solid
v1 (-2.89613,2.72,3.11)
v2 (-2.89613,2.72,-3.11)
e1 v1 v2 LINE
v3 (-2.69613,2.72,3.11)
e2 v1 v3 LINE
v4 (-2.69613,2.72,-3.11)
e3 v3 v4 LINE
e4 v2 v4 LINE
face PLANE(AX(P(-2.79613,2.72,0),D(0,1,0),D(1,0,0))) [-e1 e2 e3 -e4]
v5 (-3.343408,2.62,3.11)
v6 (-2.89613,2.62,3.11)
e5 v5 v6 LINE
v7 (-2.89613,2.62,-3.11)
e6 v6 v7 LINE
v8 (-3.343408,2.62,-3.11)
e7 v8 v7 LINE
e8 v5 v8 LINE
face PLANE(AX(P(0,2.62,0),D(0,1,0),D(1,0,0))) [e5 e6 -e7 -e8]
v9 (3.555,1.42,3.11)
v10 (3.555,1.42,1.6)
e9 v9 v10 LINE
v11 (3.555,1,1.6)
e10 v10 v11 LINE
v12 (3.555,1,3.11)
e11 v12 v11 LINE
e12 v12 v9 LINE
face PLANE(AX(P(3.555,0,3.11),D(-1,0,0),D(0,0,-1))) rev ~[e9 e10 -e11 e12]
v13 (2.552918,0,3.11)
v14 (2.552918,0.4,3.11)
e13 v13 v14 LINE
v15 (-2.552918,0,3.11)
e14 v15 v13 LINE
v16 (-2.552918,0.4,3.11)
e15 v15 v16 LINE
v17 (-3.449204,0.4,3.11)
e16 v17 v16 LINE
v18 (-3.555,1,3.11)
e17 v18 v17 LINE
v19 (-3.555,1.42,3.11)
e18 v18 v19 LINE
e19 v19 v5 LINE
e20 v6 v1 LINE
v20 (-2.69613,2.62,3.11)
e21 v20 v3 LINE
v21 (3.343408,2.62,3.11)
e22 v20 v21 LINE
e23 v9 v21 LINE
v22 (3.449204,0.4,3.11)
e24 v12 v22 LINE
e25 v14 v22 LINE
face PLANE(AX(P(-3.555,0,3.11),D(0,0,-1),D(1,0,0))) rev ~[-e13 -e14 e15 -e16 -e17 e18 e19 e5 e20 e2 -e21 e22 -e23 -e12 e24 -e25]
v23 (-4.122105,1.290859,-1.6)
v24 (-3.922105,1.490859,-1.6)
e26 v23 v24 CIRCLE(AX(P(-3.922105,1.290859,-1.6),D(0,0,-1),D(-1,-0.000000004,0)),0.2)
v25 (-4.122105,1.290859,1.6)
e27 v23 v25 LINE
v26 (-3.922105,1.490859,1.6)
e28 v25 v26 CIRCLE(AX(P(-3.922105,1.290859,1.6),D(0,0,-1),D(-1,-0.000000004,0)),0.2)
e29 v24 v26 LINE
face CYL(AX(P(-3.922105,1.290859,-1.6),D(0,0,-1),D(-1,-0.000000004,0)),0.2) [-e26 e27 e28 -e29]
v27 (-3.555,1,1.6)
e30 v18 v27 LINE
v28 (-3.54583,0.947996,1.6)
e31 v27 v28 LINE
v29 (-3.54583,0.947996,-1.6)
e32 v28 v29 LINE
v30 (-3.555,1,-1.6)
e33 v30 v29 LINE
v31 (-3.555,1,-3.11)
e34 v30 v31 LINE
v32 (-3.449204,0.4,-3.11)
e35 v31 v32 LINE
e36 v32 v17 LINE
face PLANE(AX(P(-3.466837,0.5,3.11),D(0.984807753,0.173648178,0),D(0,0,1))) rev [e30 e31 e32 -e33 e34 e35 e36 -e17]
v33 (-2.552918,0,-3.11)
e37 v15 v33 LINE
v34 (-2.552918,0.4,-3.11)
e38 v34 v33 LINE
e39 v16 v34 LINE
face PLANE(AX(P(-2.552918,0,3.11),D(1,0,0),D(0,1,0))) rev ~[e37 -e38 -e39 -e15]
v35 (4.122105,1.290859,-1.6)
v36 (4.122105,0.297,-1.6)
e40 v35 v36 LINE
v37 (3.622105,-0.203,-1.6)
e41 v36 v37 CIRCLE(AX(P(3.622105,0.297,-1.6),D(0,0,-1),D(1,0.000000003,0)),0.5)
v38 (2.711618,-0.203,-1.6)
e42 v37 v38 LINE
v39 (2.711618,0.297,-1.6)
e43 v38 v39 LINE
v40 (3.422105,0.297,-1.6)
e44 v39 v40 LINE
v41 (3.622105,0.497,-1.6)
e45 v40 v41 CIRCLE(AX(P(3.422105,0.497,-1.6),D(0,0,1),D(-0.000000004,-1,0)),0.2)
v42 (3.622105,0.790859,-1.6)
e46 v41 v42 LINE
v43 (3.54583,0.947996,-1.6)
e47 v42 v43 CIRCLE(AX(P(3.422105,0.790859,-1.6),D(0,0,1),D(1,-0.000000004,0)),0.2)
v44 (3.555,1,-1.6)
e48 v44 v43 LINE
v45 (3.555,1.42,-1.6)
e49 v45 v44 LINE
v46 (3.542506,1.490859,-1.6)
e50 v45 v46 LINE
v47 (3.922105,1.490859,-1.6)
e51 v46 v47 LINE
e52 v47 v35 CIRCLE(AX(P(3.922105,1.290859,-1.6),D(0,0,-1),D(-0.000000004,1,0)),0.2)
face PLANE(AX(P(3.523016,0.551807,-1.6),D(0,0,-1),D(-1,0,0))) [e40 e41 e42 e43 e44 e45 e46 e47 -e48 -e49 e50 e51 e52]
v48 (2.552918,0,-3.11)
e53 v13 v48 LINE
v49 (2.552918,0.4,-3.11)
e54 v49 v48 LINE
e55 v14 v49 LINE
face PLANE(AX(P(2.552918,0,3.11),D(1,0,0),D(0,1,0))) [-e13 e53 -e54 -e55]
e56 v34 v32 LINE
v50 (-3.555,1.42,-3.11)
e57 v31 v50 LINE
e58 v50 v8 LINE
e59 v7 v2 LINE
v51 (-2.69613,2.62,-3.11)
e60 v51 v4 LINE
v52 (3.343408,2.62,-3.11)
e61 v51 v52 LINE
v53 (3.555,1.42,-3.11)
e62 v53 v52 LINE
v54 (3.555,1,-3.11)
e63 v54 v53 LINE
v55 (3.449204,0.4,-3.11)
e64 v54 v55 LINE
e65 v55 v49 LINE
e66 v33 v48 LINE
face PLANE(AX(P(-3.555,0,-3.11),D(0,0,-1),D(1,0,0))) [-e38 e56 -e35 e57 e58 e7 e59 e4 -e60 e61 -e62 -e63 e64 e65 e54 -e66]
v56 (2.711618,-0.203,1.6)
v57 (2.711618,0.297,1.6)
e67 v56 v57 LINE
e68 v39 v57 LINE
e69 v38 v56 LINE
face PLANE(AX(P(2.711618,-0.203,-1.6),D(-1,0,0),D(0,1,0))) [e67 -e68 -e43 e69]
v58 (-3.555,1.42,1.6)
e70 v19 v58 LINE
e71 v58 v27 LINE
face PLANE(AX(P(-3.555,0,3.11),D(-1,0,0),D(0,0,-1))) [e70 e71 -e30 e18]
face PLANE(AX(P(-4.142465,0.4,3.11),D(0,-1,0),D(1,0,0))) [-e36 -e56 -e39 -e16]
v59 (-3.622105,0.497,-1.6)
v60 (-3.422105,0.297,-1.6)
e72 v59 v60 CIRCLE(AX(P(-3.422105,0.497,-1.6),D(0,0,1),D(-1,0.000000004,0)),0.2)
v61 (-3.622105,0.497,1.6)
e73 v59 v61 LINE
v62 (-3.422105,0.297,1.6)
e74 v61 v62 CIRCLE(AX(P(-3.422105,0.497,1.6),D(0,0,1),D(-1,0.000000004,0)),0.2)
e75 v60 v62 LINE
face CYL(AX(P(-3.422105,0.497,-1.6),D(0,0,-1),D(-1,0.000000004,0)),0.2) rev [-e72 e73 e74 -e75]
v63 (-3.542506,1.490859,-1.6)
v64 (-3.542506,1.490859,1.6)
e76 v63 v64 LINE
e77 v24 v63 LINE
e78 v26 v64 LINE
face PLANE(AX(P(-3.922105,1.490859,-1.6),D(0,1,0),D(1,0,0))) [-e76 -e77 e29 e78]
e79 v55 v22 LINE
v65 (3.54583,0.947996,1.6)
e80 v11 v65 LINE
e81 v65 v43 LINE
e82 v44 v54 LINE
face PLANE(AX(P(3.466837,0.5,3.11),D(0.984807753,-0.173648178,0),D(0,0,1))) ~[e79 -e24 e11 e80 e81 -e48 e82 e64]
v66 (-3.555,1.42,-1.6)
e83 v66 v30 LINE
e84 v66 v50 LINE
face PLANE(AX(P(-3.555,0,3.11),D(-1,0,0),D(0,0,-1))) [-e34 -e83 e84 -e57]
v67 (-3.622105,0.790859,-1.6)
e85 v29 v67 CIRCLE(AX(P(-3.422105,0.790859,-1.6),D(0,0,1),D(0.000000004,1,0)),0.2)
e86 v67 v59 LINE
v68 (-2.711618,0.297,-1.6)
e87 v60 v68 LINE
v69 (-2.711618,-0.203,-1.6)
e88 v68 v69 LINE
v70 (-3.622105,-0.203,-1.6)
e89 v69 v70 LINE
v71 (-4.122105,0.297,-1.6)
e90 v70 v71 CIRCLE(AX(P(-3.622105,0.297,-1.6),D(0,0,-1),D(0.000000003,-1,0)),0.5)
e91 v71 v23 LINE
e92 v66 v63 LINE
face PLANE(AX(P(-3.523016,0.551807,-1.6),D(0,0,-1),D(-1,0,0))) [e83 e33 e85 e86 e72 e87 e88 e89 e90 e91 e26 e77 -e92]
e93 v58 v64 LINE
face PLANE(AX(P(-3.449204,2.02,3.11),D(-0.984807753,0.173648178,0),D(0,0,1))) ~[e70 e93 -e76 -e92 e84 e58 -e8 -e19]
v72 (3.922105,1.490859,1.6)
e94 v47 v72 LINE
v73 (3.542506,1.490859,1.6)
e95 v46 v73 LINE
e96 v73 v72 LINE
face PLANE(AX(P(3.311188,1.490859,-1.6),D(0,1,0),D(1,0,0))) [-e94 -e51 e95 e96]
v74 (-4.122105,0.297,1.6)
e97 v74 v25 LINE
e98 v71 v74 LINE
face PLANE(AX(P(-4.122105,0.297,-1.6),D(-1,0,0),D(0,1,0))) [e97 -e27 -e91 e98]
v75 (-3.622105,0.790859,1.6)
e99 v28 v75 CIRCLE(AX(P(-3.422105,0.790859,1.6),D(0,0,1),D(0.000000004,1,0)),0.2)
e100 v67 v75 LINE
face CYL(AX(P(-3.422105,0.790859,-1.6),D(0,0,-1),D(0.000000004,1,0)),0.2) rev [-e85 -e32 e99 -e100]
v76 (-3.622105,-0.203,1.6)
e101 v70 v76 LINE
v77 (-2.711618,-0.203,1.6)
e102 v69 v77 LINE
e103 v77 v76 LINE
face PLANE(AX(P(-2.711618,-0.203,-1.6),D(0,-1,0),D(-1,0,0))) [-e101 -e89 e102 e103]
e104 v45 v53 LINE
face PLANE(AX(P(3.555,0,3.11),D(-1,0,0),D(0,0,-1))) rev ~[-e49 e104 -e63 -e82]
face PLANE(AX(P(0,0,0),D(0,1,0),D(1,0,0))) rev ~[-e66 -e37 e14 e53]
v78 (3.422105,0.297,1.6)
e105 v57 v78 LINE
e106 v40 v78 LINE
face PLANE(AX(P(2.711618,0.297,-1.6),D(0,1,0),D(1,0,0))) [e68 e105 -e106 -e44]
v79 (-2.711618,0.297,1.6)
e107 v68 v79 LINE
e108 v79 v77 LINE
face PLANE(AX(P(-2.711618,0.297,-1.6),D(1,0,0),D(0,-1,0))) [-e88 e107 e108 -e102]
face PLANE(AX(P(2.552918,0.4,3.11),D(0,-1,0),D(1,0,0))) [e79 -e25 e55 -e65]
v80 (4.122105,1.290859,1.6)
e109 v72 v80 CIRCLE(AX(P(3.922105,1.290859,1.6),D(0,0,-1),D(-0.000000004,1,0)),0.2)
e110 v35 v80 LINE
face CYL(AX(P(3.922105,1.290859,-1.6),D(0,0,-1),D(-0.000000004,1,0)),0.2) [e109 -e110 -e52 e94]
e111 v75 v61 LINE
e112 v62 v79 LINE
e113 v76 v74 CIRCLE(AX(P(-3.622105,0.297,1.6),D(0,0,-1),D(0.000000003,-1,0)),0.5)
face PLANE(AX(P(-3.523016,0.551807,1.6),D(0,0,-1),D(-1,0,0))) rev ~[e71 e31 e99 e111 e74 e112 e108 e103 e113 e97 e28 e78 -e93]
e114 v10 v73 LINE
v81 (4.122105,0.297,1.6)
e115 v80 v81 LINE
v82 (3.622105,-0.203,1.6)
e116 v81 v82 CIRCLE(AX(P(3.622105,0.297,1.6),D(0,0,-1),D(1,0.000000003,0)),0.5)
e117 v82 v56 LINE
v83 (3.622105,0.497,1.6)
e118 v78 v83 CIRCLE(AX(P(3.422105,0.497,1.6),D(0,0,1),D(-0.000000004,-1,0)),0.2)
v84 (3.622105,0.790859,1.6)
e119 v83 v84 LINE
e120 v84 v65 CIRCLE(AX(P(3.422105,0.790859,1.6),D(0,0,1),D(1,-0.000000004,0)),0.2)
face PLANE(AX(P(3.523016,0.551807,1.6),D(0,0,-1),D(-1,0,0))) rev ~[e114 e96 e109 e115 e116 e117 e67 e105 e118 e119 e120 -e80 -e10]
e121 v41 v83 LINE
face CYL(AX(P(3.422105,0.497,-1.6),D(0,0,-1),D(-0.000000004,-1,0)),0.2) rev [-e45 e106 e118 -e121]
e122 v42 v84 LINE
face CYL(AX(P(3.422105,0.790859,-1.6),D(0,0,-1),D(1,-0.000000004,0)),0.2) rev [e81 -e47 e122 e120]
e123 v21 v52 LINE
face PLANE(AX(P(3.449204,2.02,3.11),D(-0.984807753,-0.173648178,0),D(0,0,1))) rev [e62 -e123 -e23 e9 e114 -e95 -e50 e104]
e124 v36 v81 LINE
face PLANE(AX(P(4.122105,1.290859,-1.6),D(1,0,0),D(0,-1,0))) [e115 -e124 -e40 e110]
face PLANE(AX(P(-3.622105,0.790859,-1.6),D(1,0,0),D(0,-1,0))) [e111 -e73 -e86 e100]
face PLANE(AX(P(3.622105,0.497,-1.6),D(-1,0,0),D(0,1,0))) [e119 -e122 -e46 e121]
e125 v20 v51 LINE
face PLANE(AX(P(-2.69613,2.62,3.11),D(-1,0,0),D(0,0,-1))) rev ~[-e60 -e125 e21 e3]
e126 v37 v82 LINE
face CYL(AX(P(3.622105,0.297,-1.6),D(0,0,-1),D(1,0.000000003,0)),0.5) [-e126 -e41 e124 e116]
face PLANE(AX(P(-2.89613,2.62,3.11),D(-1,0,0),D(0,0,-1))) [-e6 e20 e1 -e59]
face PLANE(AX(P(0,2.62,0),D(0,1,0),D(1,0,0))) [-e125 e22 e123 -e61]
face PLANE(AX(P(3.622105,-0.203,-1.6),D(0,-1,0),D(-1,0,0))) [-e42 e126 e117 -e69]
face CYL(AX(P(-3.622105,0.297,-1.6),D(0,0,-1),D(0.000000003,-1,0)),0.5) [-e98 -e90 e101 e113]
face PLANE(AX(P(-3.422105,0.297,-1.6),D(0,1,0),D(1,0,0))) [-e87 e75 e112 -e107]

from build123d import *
from OCP.BRepFilletAPI import BRepFilletAPI_MakeChamfer

# Parameters (mm, degrees)
SKETCH_1_W           = 7.11
SKETCH_1_H           = 6.22
EXTRUDE_1_DEPTH      = 2.62
CHAMFER_1_SIZE       = 1.2
CHAMFER_1_SIZE2      = 0.211592377
CHAMFER_2_SIZE       = 1
CHAMFER_2_SIZE2      = 0.176326981
SKETCH_3_W           = 1.589547356
SKETCH_3_H           = 0.4
CUT_EXTRUDE_1_DEPTH  = 8.628291093
EXTRUDE_2_DEPTH      = 1.6
EXTRUDE_2_DEPTH_BACK = 1.6
SKETCH_4_W           = 0.2
SKETCH_4_H           = 6.22
EXTRUDE_3_DEPTH      = 0.1


with BuildPart() as part:
    # 草图1 → 凸台-拉伸1 (new body)
    with BuildSketch(Plane(origin=(0, 0, 0), x_dir=(1, 0, 0), z_dir=(0, 1, 0))):
        Rectangle(SKETCH_1_W, SKETCH_1_H)
    extrude(amount=EXTRUDE_1_DEPTH)

    # 倒角1: one chamfer whose edges measure the first distance from different faces: ONE call of the kernel's chamfer builder (chamfer() names one face for all edges)
    chamfer_1_edges_1 = [part.edges().sort_by_distance(p)[0] for p in [
        (3.555, 2.62, 0),
    ]]
    chamfer_1_side_1 = [part.faces().sort_by_distance(p)[0] for p in [
        (3.555, 1.31, 0),
    ]]
    chamfer_1_edges_2 = [part.edges().sort_by_distance(p)[0] for p in [
        (-3.555, 2.62, 0),
    ]]
    chamfer_1_side_2 = [part.faces().sort_by_distance(p)[0] for p in [
        (-3.555, 1.31, 0),
    ]]
    chamfer_1 = BRepFilletAPI_MakeChamfer(part.part.solid().wrapped)
    for e in chamfer_1_edges_1:
        chamfer_1.Add(CHAMFER_1_SIZE, CHAMFER_1_SIZE2, e.wrapped, chamfer_1_side_1[0].wrapped)  # the first distance lies on this face
    for e in chamfer_1_edges_2:
        chamfer_1.Add(CHAMFER_1_SIZE, CHAMFER_1_SIZE2, e.wrapped, chamfer_1_side_2[0].wrapped)  # the first distance lies on this face
    add(Compound.cast(chamfer_1.Shape()), mode=Mode.REPLACE)

    # 倒角2: one chamfer whose edges measure the first distance from different faces: ONE call of the kernel's chamfer builder (chamfer() names one face for all edges)
    chamfer_2_edges_1 = [part.edges().sort_by_distance(p)[0] for p in [
        (3.555, 0, 0),
    ]]
    chamfer_2_side_1 = [part.faces().sort_by_distance(p)[0] for p in [
        (3.555, 0.71, 0),
    ]]
    chamfer_2_edges_2 = [part.edges().sort_by_distance(p)[0] for p in [
        (-3.555, 0, 0),
    ]]
    chamfer_2_side_2 = [part.faces().sort_by_distance(p)[0] for p in [
        (-3.555, 0.71, 0),
    ]]
    chamfer_2 = BRepFilletAPI_MakeChamfer(part.part.solid().wrapped)
    for e in chamfer_2_edges_1:
        chamfer_2.Add(CHAMFER_2_SIZE, CHAMFER_2_SIZE2, e.wrapped, chamfer_2_side_1[0].wrapped)  # the first distance lies on this face
    for e in chamfer_2_edges_2:
        chamfer_2.Add(CHAMFER_2_SIZE, CHAMFER_2_SIZE2, e.wrapped, chamfer_2_side_2[0].wrapped)  # the first distance lies on this face
    add(Compound.cast(chamfer_2.Shape()), mode=Mode.REPLACE)

    # 草图3 → 切除-拉伸1 (cut, through all)
    with BuildSketch(Plane.XY.offset(3.11)):
        with Locations((-3.34769153, 0.2)):
            Rectangle(SKETCH_3_W, SKETCH_3_H)
        with Locations((3.34769153, 0.2)):
            Rectangle(SKETCH_3_W, SKETCH_3_H)
    extrude(amount=-CUT_EXTRUDE_1_DEPTH, mode=Mode.SUBTRACT)

    # 草图2 → 凸台-拉伸2 (add, two sides: drawn at the far end of the back side and taken through both)
    with BuildSketch(Plane.XY.offset(-EXTRUDE_2_DEPTH_BACK)):
        with BuildLine():
            Line((3.311187824, 0.990859164), (3.311187824, 1.490859164))
            Line((3.311187824, 1.490859164), (3.922104584, 1.490859164))
            ThreePointArc((3.922104584, 1.490859164), (4.063525941, 1.43228052), (4.122104584, 1.290859164))
            Line((4.122104584, 1.290859164), (4.122104584, 0.297))
            ThreePointArc((4.122104584, 0.297), (3.975657975, -0.056553391), (3.622104584, -0.203))
            Line((3.622104584, -0.203), (2.711617897, -0.203))
            Line((2.711617897, -0.203), (2.711617897, 0.297))
            Line((2.711617897, 0.297), (3.422104584, 0.297))
            ThreePointArc((3.422104584, 0.297), (3.563525941, 0.355578644), (3.622104584, 0.497))
            Line((3.622104584, 0.497), (3.622104584, 0.790859164))
            ThreePointArc((3.622104584, 0.790859164), (3.563525941, 0.93228052), (3.422104584, 0.990859164))
            Line((3.422104584, 0.990859164), (3.311187824, 0.990859164))
        make_face()
        with BuildLine():
            Line((-3.311187824, 0.990859164), (-3.422104584, 0.990859164))
            ThreePointArc((-3.422104584, 0.990859164), (-3.563525941, 0.93228052), (-3.622104584, 0.790859164))
            Line((-3.622104584, 0.790859164), (-3.622104584, 0.497))
            ThreePointArc((-3.622104584, 0.497), (-3.563525941, 0.355578644), (-3.422104584, 0.297))
            Line((-3.422104584, 0.297), (-2.711617897, 0.297))
            Line((-2.711617897, 0.297), (-2.711617897, -0.203))
            Line((-2.711617897, -0.203), (-3.622104584, -0.203))
            ThreePointArc((-3.622104584, -0.203), (-3.975657975, -0.056553391), (-4.122104584, 0.297))
            Line((-4.122104584, 0.297), (-4.122104584, 1.290859164))
            ThreePointArc((-4.122104584, 1.290859164), (-4.063525941, 1.43228052), (-3.922104584, 1.490859164))
            Line((-3.922104584, 1.490859164), (-3.311187824, 1.490859164))
            Line((-3.311187824, 1.490859164), (-3.311187824, 0.990859164))
        make_face()
    extrude(amount=EXTRUDE_2_DEPTH + EXTRUDE_2_DEPTH_BACK)

    # 草图4 → 凸台-拉伸3 (add)
    with BuildSketch(Plane(origin=(0, 2.62, 0), x_dir=(1, 0, 0), z_dir=(0, 1, 0))):
        with Locations((-2.796130455, 0)):
            Rectangle(SKETCH_4_W, SKETCH_4_H)
    extrude(amount=EXTRUDE_3_DEPTH)


solid = part.part
